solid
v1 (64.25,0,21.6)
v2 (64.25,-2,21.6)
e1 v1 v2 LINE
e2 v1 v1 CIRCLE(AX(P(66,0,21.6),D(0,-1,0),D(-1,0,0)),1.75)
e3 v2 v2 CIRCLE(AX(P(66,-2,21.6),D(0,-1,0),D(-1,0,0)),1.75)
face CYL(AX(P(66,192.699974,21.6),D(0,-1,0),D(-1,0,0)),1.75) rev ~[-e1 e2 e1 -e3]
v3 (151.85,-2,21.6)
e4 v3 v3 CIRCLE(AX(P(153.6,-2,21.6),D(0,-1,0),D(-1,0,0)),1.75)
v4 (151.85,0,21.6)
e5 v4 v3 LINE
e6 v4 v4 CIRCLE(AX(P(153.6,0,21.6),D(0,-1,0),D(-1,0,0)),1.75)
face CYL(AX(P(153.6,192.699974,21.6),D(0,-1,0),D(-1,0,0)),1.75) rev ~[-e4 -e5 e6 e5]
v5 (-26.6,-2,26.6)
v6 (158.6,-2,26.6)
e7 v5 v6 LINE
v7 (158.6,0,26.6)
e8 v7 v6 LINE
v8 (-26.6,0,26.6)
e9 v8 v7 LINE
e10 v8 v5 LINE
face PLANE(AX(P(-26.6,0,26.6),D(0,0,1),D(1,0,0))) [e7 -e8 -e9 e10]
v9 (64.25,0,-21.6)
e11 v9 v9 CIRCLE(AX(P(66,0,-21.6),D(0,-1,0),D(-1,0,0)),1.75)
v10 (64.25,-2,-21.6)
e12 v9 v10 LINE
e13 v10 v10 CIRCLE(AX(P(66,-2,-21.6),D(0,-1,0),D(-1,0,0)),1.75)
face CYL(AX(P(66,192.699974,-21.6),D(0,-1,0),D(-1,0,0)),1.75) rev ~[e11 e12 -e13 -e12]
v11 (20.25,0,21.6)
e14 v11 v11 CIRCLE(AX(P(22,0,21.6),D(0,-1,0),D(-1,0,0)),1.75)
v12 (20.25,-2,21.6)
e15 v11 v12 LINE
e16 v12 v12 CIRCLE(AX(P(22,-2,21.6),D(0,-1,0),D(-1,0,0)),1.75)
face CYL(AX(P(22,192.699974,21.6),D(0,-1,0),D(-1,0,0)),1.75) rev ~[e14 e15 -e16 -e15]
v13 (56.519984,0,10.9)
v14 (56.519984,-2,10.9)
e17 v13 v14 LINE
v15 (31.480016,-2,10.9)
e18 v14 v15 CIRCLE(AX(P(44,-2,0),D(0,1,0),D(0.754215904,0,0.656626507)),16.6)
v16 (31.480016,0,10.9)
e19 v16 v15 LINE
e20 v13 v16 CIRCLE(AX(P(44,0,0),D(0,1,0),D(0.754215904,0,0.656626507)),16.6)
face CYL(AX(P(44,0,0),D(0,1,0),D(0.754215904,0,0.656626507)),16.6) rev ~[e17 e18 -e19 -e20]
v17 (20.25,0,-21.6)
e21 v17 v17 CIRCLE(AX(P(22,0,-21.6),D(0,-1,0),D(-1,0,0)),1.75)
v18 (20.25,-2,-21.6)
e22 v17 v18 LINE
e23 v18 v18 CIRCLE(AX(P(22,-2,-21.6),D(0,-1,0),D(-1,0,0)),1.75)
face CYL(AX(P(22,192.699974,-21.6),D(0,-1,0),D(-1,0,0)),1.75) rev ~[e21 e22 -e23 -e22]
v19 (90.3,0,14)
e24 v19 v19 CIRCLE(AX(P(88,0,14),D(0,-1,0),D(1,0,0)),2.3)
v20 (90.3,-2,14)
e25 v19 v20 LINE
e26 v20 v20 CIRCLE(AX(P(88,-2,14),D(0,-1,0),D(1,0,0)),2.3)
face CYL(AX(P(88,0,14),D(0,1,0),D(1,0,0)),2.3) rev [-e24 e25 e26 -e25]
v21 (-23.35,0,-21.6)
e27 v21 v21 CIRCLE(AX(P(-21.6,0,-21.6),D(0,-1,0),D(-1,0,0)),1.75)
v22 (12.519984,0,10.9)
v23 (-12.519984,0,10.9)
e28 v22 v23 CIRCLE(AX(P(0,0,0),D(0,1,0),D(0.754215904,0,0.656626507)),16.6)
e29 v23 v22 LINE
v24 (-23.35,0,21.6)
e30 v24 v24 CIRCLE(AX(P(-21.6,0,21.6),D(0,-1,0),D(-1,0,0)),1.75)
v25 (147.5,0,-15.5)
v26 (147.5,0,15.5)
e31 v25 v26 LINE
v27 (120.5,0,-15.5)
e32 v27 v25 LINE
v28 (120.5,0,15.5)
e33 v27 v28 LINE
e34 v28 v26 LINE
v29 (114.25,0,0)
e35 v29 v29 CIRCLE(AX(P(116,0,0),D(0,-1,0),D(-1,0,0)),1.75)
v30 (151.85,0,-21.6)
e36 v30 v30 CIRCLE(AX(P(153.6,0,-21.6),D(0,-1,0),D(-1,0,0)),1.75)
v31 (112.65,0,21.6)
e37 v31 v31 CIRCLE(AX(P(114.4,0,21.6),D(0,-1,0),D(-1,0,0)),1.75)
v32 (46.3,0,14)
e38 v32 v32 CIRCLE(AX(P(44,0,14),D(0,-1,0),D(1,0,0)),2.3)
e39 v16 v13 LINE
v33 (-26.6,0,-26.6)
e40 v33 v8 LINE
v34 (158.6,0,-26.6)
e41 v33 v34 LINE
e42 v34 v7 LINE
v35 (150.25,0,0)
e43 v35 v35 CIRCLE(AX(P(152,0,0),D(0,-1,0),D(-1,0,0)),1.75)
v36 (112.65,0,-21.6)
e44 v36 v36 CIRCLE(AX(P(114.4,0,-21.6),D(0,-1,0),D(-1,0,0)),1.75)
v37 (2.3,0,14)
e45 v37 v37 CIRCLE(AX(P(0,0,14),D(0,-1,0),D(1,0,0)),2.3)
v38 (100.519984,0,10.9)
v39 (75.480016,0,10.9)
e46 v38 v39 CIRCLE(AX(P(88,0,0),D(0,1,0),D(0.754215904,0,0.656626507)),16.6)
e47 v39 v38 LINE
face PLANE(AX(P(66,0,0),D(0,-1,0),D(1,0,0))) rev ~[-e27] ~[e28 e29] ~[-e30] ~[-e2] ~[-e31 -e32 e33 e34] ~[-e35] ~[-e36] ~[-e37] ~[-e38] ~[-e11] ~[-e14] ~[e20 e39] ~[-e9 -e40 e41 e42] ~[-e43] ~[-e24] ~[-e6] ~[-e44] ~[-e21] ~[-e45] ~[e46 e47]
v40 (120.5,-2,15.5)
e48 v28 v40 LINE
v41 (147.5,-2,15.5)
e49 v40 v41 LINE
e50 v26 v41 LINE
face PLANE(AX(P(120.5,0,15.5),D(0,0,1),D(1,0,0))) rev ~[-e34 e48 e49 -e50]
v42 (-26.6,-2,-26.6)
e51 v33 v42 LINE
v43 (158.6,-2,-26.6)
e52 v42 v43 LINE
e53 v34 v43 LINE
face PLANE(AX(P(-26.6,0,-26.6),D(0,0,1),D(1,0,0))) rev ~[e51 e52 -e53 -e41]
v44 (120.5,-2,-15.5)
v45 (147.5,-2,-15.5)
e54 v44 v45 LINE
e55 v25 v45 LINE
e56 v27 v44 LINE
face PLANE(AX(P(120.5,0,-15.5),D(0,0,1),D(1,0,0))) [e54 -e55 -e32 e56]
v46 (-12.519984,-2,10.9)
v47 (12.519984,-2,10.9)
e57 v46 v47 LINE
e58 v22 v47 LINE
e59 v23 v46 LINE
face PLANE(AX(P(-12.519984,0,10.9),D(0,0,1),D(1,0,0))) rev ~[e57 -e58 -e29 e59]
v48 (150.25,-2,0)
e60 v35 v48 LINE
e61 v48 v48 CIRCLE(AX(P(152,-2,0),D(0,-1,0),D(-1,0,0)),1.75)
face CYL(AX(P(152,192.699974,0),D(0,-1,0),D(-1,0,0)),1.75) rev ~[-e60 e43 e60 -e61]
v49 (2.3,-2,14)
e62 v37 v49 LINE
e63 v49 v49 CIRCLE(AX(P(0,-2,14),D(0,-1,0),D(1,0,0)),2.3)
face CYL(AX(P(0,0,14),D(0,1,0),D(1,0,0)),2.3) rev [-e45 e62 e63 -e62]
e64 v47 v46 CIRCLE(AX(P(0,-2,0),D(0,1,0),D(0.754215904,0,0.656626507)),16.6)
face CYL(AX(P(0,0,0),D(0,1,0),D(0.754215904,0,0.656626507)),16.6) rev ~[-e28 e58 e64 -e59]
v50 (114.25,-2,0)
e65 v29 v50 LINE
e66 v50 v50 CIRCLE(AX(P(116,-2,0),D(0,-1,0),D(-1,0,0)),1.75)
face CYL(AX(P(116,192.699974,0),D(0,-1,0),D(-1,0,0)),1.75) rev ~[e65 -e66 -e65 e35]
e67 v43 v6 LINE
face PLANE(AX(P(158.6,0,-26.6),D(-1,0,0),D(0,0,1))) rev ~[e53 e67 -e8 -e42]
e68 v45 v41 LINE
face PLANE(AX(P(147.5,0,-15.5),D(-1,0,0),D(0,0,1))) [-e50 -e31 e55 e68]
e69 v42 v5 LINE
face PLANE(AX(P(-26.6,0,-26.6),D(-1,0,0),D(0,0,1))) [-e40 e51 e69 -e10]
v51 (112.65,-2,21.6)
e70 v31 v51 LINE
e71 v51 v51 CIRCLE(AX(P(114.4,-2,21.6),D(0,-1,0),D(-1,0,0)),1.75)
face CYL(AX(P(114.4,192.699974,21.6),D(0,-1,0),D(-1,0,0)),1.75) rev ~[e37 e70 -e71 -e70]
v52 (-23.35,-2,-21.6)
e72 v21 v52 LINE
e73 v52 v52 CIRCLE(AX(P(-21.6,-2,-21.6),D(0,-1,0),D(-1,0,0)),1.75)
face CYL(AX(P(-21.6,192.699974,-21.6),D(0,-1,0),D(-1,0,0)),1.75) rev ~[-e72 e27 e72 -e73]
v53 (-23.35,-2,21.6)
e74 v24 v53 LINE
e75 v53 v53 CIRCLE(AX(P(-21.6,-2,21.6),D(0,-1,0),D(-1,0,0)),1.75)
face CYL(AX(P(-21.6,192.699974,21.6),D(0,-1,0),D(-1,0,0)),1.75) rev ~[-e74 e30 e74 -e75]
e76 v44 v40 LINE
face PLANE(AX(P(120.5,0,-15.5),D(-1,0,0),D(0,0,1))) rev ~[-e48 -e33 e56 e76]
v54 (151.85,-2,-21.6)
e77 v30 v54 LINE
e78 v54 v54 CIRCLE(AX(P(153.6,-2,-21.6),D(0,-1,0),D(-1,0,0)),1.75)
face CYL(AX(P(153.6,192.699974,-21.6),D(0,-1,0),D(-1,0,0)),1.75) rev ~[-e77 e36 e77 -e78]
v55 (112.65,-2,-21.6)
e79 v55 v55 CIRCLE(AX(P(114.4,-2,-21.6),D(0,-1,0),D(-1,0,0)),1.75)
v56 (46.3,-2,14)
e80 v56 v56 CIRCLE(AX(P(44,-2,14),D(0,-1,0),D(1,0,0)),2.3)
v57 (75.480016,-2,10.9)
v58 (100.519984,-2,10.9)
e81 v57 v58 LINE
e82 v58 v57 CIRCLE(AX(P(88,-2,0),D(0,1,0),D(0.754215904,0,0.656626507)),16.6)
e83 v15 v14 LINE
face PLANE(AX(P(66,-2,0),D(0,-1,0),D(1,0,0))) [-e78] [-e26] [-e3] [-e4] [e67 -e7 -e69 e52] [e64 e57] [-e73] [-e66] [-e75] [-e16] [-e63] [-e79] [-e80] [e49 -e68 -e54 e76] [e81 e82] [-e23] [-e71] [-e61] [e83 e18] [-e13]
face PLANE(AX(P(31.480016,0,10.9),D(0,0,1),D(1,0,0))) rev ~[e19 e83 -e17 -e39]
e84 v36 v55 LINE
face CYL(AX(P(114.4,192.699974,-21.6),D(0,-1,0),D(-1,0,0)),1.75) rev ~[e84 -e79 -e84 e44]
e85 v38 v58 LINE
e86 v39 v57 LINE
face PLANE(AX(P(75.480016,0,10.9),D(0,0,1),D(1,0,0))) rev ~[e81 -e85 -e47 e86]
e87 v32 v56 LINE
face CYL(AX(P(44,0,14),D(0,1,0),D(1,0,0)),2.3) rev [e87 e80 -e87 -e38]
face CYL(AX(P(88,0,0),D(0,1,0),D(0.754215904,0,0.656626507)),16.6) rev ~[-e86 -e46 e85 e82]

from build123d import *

# Parameters (mm, degrees)
F0_W     = 185.2
F0_H     = 53.2
F0_R     = 2.3
F0_W_2   = 27
F0_H_2   = 31
F1_DEPTH = 2
F2_D     = 3.5


with BuildPart() as f1:
    # F0 (on Front) → F1 (new body)
    with BuildSketch(Plane.XZ):
        with Locations((66, 0)):
            Rectangle(F0_W, F0_H)
        with BuildLine():
            ThreePointArc((12.519984, 10.9), (0, -16.6), (-12.519984, 10.9))
            Line((-12.519984, 10.9), (12.519984, 10.9))
        make_face(mode=Mode.SUBTRACT)
        with BuildLine():
            ThreePointArc((56.519984, 10.9), (44, -16.6), (31.480016, 10.9))
            Line((31.480016, 10.9), (56.519984, 10.9))
        make_face(mode=Mode.SUBTRACT)
        with BuildLine():
            ThreePointArc((100.519984, 10.9), (88, -16.6), (75.480016, 10.9))
            Line((75.480016, 10.9), (100.519984, 10.9))
        make_face(mode=Mode.SUBTRACT)
        with Locations((0, 14)):
            Circle(F0_R, mode=Mode.SUBTRACT)
        with Locations((44, 14)):
            Circle(F0_R, mode=Mode.SUBTRACT)
        with Locations((134, 0)):
            Rectangle(F0_W_2, F0_H_2, mode=Mode.SUBTRACT)
        with Locations((88, 14)):
            Circle(F0_R, mode=Mode.SUBTRACT)
    extrude(amount=F1_DEPTH)

    # F2 (through all)
    with Locations(Plane(origin=(0, 0, 0), x_dir=(1, 0, 0), z_dir=(0, 1, 0))):
        with Locations((-21.6, 21.6), (-21.6, -21.6), (153.6, 21.6), (153.6, -21.6), (22, 21.6), (66, 21.6), (114.4, 21.6), (114.4, -21.6), (66, -21.6), (22, -21.6), (116, 0), (152, 0)):
            Hole(F2_D / 2)


solid = f1.part
